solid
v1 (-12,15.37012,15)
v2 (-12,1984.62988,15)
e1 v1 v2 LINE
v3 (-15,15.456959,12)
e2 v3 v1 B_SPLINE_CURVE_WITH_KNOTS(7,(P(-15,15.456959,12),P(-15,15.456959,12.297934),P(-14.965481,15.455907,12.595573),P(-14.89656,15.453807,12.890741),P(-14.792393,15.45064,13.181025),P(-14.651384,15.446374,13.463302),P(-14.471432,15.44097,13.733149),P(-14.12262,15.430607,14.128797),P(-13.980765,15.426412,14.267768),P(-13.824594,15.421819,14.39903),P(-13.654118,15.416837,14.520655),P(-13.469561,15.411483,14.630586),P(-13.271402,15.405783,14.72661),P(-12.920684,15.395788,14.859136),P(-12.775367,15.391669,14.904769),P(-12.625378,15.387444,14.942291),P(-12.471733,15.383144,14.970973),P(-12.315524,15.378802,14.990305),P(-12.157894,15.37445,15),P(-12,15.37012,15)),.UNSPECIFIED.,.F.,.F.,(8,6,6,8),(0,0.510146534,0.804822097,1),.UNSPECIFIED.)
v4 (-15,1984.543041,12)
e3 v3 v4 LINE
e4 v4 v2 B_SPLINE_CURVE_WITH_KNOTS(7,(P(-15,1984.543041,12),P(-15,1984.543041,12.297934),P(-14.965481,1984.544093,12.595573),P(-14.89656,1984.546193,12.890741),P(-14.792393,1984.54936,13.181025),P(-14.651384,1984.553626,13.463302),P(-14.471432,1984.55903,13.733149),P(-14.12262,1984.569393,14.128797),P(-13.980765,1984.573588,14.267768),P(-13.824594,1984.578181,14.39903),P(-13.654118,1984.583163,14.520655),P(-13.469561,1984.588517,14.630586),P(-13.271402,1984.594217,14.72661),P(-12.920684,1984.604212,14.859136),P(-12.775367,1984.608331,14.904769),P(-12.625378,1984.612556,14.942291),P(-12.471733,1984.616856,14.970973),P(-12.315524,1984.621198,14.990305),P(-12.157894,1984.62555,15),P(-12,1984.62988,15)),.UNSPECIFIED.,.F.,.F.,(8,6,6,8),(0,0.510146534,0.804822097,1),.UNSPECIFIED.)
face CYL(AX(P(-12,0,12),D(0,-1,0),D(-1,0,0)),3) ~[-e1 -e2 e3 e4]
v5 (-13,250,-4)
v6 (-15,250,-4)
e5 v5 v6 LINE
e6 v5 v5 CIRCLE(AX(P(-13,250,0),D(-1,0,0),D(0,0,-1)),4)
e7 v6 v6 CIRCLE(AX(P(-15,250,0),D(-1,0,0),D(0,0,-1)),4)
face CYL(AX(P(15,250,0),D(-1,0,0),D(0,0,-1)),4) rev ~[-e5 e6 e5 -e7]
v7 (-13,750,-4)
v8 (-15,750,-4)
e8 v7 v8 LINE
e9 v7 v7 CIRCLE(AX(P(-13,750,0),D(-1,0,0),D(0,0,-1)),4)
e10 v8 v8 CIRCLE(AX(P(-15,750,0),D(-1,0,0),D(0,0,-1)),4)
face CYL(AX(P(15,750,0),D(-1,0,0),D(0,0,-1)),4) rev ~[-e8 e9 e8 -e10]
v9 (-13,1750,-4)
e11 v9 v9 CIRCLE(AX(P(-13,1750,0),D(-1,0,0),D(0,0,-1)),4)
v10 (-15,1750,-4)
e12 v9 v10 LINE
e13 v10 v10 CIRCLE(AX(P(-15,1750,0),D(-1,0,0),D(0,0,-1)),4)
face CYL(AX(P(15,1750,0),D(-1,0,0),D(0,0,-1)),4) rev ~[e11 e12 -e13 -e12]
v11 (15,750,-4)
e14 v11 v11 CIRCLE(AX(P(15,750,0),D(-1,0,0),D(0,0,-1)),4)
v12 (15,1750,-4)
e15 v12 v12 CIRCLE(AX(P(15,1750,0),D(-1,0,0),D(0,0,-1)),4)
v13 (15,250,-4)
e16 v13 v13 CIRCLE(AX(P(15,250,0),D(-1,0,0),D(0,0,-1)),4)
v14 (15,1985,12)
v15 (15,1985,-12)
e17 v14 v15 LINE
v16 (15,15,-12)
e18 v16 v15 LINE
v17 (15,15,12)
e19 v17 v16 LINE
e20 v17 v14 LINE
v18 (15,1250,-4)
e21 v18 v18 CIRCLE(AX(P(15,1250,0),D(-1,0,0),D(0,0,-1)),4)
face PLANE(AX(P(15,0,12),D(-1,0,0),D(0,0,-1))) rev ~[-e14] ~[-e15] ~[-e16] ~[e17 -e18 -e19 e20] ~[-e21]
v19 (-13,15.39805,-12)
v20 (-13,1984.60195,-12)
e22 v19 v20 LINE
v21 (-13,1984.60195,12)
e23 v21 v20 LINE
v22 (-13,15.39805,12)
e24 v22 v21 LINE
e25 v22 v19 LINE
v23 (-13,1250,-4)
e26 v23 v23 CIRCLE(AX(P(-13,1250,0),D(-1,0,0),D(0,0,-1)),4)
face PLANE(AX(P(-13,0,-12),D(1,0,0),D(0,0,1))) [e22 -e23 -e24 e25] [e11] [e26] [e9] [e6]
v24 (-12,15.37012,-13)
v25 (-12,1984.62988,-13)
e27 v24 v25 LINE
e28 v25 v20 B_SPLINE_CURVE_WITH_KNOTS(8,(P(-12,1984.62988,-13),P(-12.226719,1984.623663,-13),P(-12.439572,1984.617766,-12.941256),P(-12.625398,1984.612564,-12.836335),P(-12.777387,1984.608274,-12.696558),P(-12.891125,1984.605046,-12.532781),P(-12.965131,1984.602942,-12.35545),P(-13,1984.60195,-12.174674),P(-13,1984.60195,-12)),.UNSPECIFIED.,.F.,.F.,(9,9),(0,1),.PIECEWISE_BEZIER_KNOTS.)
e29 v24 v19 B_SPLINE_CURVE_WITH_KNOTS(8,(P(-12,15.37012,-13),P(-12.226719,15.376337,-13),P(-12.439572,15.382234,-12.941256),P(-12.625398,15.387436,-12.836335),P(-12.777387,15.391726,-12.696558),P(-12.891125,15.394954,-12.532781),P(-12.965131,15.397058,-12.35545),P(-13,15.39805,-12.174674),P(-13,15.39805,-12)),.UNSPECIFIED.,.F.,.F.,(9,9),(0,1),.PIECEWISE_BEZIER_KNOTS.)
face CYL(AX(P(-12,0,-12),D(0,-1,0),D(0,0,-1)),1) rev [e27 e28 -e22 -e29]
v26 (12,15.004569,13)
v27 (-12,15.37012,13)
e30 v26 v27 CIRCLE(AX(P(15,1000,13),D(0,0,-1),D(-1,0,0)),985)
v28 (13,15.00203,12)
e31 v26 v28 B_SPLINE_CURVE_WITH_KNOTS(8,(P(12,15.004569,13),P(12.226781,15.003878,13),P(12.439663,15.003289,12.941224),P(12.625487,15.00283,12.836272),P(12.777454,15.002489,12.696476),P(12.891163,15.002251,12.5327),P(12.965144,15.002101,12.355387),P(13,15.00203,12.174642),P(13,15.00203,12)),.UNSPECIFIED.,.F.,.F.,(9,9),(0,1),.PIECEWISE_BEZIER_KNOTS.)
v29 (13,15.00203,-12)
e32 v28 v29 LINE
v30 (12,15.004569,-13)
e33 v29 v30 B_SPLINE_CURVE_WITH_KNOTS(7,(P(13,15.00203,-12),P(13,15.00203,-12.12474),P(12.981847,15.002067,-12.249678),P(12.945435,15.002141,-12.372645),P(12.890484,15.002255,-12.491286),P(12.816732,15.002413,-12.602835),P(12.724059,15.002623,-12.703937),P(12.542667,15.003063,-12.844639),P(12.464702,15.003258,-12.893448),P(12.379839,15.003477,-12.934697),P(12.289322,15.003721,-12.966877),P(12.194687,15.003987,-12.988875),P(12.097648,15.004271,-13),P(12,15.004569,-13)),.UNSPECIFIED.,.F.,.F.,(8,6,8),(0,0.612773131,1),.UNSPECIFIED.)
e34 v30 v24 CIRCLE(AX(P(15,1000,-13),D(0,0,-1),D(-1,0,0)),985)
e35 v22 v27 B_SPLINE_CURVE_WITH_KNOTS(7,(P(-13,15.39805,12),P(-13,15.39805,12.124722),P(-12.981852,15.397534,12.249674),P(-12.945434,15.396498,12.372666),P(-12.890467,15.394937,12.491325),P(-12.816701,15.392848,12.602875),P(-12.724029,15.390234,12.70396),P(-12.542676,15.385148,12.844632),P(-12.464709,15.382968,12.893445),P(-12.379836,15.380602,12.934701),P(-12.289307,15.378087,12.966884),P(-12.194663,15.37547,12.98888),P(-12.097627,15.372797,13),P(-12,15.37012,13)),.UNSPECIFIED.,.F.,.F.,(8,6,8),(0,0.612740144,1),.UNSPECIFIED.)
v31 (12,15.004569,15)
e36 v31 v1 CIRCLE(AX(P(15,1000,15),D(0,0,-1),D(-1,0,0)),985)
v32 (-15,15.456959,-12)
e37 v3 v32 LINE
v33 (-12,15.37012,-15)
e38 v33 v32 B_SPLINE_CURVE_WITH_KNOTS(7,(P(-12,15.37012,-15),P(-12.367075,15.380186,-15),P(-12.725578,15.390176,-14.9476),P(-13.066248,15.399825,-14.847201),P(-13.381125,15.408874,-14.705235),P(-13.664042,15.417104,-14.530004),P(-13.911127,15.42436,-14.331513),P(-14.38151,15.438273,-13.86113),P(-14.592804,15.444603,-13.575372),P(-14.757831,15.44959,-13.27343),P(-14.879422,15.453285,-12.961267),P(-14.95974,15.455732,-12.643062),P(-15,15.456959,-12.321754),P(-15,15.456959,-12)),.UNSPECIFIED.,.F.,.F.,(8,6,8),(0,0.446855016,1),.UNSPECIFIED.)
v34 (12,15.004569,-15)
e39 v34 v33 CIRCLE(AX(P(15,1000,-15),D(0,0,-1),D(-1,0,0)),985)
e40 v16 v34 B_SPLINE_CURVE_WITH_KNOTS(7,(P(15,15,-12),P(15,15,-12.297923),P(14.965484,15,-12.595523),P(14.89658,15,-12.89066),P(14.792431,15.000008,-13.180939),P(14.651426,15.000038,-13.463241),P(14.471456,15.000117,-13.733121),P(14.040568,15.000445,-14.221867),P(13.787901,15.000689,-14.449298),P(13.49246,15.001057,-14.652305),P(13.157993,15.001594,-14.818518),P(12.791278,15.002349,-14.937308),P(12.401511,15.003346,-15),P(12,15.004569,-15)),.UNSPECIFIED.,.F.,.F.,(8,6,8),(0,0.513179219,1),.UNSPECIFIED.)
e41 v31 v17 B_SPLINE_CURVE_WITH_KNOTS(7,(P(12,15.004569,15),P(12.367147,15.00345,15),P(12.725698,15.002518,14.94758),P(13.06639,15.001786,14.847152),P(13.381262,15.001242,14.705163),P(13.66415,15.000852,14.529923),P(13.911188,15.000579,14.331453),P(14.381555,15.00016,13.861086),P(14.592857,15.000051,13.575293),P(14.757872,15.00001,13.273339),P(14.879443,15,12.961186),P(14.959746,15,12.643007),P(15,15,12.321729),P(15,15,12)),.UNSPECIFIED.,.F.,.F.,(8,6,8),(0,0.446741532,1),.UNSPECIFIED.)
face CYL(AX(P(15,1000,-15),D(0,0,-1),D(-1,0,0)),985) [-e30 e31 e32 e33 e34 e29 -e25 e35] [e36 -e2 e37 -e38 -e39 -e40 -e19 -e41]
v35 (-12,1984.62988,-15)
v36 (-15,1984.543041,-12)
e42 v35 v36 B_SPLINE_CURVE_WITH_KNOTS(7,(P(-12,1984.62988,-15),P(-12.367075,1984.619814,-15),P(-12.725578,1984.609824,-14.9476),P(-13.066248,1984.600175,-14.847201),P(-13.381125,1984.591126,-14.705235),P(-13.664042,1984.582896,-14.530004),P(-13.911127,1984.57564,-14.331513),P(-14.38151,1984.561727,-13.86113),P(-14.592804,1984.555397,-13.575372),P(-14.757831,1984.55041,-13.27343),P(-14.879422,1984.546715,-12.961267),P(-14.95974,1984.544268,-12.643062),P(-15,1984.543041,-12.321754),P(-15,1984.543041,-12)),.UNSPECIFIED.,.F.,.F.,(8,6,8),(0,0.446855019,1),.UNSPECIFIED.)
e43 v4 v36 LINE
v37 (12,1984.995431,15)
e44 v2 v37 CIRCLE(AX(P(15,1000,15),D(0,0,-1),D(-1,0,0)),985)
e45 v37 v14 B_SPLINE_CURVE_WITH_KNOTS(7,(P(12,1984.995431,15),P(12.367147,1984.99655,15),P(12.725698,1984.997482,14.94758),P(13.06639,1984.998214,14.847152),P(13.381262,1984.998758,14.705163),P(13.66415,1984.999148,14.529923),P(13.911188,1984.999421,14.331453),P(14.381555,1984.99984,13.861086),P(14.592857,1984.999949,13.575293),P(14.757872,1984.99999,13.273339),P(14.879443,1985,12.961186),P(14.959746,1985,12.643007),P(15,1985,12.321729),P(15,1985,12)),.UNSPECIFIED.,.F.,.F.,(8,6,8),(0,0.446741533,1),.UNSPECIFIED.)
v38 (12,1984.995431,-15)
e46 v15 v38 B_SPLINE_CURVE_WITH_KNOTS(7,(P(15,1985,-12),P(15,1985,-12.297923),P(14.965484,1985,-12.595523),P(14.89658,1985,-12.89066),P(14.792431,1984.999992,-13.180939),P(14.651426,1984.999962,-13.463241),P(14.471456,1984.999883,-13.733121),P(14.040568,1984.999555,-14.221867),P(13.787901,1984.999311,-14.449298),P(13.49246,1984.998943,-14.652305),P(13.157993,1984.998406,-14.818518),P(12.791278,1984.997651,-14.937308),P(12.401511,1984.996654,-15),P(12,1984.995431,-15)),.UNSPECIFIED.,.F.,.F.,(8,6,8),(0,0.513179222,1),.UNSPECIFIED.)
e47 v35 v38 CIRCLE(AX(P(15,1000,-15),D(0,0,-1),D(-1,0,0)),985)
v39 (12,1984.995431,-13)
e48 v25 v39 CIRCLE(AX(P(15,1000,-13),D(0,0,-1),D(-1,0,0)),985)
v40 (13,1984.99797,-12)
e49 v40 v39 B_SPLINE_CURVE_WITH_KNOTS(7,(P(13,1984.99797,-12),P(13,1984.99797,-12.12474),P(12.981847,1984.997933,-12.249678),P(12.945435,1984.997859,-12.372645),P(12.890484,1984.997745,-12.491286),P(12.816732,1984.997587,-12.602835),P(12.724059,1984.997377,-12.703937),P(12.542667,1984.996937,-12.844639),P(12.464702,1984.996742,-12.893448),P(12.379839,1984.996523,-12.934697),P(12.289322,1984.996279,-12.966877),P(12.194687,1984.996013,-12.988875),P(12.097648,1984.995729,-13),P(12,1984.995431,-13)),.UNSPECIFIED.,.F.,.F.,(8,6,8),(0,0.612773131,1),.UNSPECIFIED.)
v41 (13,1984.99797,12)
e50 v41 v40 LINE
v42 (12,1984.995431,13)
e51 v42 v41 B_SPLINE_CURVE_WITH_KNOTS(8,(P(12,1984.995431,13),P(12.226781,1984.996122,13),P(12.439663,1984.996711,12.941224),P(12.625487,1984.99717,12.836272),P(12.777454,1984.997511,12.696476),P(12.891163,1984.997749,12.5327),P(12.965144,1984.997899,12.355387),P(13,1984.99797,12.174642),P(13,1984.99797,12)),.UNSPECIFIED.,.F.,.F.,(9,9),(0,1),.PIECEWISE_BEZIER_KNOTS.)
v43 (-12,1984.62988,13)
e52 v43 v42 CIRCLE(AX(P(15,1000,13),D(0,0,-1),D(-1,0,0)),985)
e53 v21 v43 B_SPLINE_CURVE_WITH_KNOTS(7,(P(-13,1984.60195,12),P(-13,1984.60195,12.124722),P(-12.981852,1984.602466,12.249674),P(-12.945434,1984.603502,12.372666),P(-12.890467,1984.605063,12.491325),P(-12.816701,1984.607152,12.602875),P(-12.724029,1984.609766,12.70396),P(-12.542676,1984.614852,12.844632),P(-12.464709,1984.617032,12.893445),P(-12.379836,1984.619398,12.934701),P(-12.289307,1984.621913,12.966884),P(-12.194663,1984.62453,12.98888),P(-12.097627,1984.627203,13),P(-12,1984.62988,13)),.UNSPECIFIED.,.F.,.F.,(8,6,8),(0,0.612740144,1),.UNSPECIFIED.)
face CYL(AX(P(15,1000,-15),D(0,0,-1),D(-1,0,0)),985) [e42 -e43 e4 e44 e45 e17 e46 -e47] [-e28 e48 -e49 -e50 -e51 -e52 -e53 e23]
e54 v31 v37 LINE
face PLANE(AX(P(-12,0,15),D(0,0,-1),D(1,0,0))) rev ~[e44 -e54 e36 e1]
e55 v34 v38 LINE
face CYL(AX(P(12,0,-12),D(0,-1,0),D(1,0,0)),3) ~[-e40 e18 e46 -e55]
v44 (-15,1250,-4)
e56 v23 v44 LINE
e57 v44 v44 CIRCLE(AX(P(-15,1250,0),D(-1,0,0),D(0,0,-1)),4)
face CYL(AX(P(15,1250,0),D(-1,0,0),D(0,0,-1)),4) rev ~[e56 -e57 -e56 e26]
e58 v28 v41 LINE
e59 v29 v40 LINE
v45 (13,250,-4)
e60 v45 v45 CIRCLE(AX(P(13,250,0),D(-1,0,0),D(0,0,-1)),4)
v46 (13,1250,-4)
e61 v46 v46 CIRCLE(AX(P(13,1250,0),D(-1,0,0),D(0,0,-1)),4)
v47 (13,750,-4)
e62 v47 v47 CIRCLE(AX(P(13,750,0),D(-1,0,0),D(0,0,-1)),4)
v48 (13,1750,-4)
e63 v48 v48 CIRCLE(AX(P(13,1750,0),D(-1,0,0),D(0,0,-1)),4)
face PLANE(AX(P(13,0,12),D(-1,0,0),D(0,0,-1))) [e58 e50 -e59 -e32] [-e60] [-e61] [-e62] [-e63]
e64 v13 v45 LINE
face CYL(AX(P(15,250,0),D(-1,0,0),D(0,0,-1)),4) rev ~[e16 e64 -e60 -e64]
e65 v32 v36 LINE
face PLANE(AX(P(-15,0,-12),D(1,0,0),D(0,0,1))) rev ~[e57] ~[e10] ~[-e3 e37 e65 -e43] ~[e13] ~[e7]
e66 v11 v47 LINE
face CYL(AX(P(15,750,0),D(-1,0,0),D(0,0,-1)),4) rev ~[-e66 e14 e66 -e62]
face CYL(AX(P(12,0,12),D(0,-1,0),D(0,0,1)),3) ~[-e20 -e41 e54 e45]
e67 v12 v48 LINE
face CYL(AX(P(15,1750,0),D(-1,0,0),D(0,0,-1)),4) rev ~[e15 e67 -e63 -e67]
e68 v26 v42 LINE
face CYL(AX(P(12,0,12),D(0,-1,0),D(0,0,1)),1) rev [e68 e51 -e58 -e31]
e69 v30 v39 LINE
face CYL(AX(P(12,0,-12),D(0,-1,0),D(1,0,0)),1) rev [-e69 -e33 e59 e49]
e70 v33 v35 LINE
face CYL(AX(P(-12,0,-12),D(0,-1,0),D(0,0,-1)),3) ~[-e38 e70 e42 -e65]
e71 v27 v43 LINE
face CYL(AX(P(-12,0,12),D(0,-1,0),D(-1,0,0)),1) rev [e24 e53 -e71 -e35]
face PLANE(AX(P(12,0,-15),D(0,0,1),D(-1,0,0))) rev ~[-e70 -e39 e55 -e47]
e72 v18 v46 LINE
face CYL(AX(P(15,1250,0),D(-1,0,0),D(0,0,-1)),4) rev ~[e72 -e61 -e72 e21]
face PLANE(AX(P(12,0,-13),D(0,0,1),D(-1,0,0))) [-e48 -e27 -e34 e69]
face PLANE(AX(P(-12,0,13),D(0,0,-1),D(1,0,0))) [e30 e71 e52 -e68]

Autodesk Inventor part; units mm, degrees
ref_plane "YZ Plane" through (0, 0, 0) normal (1, 0, 0) x (0, 1, 0)
ref_plane "XZ Plane" through (0, 0, 0) normal (0, 1, 0) x (-1, 0, 0)
ref_plane "XY Plane" through (0, 0, 0) normal (0, 0, 1) x (1, 0, 0)
sketch "Sketch1" plane through (0, 0, 0) normal (0, 1, 0) x (-1, 0, 0)
  line L0 (-12, 14) -> (12, 14) construction
  line L1 (14, 12) -> (14, -12) construction
  line L2 (12, -14) -> (-12, -14) construction
  line L3 (-14, -12) -> (-14, 12) construction
  line L4 (-14, 14) -> (14, -14) construction
  line L5 (14, 14) -> (-14, -14) construction
  arc A0 (14, 12) -> (12, 14) centre (12, 12) ccw construction
  arc A1 (12, -14) -> (14, -12) centre (12, -12) ccw construction
  arc A2 (-14, -12) -> (-12, -14) centre (-12, -12) ccw construction
  arc A3 (-12, 14) -> (-14, 12) centre (-12, 12) ccw construction
  line L6 (-12, -15) -> (12, -15)
  arc A4 (12, -15) -> (15, -12) centre (12, -12) ccw
  line L7 (15, -12) -> (15, 12)
  arc A5 (15, 12) -> (12, 15) centre (12, 12) ccw
  line L8 (12, 15) -> (-12, 15)
  arc A6 (-12, 15) -> (-15, 12) centre (-12, 12) ccw
  line L9 (-15, 12) -> (-15, -12)
  arc A7 (-15, -12) -> (-12, -15) centre (-12, -12) ccw
  line L10 (13, -12) -> (13, 12)
  arc A8 (13, 12) -> (12, 13) centre (12, 12) ccw
  line L11 (12, 13) -> (-12, 13)
  arc A9 (-12, 13) -> (-13, 12) centre (-12, 12) ccw
  line L12 (-13, 12) -> (-13, -12)
  arc A10 (-13, -12) -> (-12, -13) centre (-12, -12) ccw
  line L13 (-12, -13) -> (12, -13)
  arc A11 (12, -13) -> (13, -12) centre (12, -12) ccw
  point P0 (0, 0)
  point P1 (0, 0)
  point P2 (0, 0)
  dimension "d10" = 2
  dimension "depth" = 30
  dimension "width" = 30
  dimension "thickness" = 2
extrude "Extrusion1" add sketch "Sketch1" along normal blind 2000
ref_plane "Work Plane1" through (0, 1000, 0) normal (0, -1, 0) x (1, 0, 0)
sketch "Sketch3" plane through (12, 0, -15) normal (0, 0, -1) x (-1, 0, 0)
  line L0 (12, -400) -> (12, 2400) construction
  circle A0 centre (-3, 1000) radius 985
  point P0 (12, 0)
  dimension "d29" = 1970
  dimension "d31" = 1000
  dimension "d34" = 15
extrude "Extrusion2" cut sketch "Sketch3" against normal through all keep common part
sketch "Sketch4" plane through (15, 15, 12) normal (1, 0, 0) x (0, 0, -1)
  line L0 (33.0025, 985) -> (-9.0025, 985) construction
  line L1 (12, -412.0004) -> (12, 2367.0022) projected
  point P0 (12, -15)
  point P1 (12, 235)
  point P2 (12, 985)
  point P3 (12, 1735)
  point P4 (12, 735)
  point P5 (12, 1235)
  dimension "d35" = 1500
  dimension "d36" = 500
hole "Hole2" at (15, 250, 0) at (15, 1750, 0) at (15, 750, 0) at (15, 1250, 0) direction (-1, 0, 0) diameter 8 depth 40 tip angle 118
equation "\"d10\" = thickness"
properties part number "podest duzy profil 1" material "Steel"
